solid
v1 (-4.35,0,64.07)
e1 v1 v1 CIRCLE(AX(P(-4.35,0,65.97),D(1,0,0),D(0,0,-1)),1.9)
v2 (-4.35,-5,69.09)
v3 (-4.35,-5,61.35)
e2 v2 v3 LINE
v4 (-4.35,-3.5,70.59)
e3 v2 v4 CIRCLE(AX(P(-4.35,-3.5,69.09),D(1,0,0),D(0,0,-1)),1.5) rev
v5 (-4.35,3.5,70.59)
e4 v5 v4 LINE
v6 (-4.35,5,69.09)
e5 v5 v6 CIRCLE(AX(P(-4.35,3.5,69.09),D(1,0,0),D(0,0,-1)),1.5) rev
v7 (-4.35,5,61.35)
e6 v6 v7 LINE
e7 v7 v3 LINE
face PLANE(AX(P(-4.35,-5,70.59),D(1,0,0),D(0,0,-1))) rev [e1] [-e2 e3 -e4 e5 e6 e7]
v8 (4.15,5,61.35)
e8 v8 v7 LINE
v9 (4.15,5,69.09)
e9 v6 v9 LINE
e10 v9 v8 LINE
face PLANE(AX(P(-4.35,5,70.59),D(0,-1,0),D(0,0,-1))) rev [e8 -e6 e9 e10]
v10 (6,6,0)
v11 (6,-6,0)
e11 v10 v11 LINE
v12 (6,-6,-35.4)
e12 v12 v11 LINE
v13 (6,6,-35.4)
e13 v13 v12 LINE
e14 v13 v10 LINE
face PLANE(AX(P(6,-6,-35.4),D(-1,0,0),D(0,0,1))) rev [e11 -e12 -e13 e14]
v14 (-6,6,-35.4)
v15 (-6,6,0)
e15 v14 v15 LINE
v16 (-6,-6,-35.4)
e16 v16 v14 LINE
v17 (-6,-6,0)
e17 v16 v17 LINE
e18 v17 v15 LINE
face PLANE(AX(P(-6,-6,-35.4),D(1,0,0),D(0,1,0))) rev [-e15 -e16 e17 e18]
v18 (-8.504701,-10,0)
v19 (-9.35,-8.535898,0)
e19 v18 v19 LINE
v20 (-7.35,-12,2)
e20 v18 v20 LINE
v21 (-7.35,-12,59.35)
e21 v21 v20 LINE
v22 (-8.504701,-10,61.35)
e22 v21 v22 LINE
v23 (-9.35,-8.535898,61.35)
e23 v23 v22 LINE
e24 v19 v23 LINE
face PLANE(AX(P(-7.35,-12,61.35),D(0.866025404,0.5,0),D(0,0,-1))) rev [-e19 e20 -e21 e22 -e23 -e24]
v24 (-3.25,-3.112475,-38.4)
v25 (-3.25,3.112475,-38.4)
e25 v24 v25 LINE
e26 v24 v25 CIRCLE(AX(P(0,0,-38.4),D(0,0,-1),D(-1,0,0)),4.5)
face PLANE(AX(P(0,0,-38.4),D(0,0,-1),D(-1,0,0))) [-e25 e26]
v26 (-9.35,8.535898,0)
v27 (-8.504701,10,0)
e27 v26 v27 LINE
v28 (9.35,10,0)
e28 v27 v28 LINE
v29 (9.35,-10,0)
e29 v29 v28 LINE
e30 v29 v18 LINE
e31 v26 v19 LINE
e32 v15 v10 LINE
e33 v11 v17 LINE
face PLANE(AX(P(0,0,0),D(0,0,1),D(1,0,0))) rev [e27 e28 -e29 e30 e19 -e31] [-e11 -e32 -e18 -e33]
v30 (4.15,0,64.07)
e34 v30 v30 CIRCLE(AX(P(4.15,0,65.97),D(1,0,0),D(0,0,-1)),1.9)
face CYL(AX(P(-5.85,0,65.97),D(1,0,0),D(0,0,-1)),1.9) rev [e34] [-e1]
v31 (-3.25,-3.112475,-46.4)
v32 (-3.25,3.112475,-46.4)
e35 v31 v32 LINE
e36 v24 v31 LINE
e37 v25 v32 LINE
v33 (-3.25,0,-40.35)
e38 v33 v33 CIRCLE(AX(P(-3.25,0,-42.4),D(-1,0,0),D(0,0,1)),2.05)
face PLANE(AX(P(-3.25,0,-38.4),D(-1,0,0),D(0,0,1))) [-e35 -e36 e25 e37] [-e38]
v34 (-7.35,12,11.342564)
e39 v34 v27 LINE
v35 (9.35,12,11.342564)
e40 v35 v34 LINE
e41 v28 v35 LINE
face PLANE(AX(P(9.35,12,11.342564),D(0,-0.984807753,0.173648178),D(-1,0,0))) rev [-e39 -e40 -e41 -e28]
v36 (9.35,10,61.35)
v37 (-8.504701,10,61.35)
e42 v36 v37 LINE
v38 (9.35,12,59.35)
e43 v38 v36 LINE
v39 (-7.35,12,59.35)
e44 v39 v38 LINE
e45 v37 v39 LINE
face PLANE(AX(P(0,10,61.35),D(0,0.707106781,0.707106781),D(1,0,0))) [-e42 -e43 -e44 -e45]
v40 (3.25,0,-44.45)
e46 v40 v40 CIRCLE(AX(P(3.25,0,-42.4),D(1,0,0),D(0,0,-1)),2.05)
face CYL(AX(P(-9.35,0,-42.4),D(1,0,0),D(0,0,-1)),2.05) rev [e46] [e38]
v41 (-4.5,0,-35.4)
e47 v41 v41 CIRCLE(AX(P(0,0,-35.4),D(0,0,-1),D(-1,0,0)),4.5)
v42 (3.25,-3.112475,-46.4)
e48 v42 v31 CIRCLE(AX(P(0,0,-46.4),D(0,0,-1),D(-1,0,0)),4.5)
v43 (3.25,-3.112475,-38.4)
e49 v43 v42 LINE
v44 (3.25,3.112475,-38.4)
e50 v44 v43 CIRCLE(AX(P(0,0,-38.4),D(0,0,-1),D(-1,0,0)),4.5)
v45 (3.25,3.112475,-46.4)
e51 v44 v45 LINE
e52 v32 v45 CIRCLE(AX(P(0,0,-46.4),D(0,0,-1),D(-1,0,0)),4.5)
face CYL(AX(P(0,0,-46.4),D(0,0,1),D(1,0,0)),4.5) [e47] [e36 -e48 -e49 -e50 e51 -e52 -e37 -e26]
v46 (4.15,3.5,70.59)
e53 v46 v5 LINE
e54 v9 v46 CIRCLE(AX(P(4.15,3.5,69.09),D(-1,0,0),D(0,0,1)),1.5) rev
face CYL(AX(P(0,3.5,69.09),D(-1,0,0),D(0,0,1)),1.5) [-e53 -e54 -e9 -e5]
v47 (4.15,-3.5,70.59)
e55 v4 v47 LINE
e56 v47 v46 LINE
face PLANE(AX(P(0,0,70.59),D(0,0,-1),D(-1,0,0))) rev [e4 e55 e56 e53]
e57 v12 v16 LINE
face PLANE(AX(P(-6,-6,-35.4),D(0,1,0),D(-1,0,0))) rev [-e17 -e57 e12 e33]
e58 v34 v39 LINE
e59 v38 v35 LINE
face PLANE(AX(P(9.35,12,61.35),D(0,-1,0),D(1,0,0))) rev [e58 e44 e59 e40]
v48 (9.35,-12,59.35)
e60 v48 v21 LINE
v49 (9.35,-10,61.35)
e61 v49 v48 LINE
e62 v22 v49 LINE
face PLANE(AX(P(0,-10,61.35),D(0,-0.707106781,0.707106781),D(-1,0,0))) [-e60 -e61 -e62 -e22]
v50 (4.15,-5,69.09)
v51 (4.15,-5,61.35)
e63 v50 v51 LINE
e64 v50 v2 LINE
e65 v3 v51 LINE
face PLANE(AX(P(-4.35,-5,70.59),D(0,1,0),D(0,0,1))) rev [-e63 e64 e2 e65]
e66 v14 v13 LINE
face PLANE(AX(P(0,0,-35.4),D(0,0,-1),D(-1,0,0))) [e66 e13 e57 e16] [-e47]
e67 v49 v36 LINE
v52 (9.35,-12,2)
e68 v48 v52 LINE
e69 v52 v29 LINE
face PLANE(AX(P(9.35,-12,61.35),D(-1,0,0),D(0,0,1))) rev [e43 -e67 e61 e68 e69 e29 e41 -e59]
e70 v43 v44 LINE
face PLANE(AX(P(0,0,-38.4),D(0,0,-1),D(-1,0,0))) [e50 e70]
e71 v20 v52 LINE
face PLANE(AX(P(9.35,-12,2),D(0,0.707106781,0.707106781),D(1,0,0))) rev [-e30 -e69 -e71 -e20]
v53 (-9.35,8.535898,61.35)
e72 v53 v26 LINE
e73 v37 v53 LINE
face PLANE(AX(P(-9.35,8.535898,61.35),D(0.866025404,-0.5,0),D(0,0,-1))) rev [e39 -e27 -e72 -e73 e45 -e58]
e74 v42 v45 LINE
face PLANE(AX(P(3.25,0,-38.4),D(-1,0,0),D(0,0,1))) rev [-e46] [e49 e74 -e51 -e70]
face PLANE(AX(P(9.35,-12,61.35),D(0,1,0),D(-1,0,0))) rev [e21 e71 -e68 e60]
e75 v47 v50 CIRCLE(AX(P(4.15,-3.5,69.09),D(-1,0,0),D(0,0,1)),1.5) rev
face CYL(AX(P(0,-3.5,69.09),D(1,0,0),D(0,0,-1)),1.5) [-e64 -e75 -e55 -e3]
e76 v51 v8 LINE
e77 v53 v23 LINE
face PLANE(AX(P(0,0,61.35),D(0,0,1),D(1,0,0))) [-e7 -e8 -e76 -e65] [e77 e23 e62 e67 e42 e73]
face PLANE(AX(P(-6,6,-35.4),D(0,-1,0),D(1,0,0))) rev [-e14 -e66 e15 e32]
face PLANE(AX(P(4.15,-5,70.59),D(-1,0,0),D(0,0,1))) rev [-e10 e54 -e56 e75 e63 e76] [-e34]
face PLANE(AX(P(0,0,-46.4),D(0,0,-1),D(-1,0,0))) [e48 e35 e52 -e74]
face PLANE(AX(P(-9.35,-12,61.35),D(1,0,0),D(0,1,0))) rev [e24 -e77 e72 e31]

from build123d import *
from OCP.BRepFilletAPI import BRepFilletAPI_MakeChamfer

# Parameters (mm, degrees)
SKETCH1_W           = 18.7
SKETCH1_H           = 24
BOSS_EXTRUDE1_DEPTH = 61.35
CHAMFER1_SIZE       = 2
CHAMFER1_SIZE2      = 3.464101615
CHAMFER2_SIZE       = 2
CHAMFER3_SIZE       = 2
CHAMFER3_SIZE2      = 11.342563639
SKETCH2_W           = 12
SKETCH2_H           = 12
BOSS_EXTRUDE2_DEPTH = 35.4
SKETCH3_R           = 4.5
BOSS_EXTRUDE3_DEPTH = 11
CUT_EXTRUDE1_START  = -8
CUT_EXTRUDE1_DEPTH  = 8
SKETCH5_W           = 8.5
SKETCH5_H           = 10
BOSS_EXTRUDE4_DEPTH = 9.24
SKETCH7_R           = 1.9
CUT_EXTRUDE2_DEPTH  = 10
FILLET1_R           = 1.5
SKETCH8_R           = 2.05
CUT_EXTRUDE3_DEPTH  = 73.702875459


with BuildPart() as part:
    # Sketch1 → Boss-Extrude1 (new body)
    with BuildSketch(Plane.XY):
        Rectangle(SKETCH1_W, SKETCH1_H)
    extrude(amount=BOSS_EXTRUDE1_DEPTH)

    # Chamfer1: one chamfer whose edges measure the first distance from different faces: ONE call of the kernel's chamfer builder (chamfer() names one face for all edges)
    chamfer1_edges_1 = [part.edges().sort_by_distance(p)[0] for p in [
        (-9.35, 12, 30.675),
    ]]
    chamfer1_side_1 = [part.faces().sort_by_distance(p)[0] for p in [
        (0, 12, 30.675),
    ]]
    chamfer1_edges_2 = [part.edges().sort_by_distance(p)[0] for p in [
        (-9.35, -12, 30.675),
    ]]
    chamfer1_side_2 = [part.faces().sort_by_distance(p)[0] for p in [
        (0, -12, 30.675),
    ]]
    chamfer1 = BRepFilletAPI_MakeChamfer(part.part.solid().wrapped)
    for e in chamfer1_edges_1:
        chamfer1.Add(CHAMFER1_SIZE, CHAMFER1_SIZE2, e.wrapped, chamfer1_side_1[0].wrapped)  # the first distance lies on this face
    for e in chamfer1_edges_2:
        chamfer1.Add(CHAMFER1_SIZE, CHAMFER1_SIZE2, e.wrapped, chamfer1_side_2[0].wrapped)  # the first distance lies on this face
    add(Compound.cast(chamfer1.Shape()), mode=Mode.REPLACE)

    # Chamfer2
    chamfer2_edges = [part.edges().sort_by_distance(p)[0] for p in [
        (1, -12, 0),
        (1, 12, 61.35),
        (1, -12, 61.35),
    ]]
    chamfer(chamfer2_edges, length=CHAMFER2_SIZE)

    # Chamfer3
    chamfer3_edges = [part.edges().sort_by_distance(p)[0] for p in [
        (1, 12, 0),
    ]]
    chamfer3_side = [part.faces().sort_by_distance(p)[0] for p in [
        (0.087625567, 0.932238812, 0),
    ]]
    chamfer(chamfer3_edges, length=CHAMFER3_SIZE, length2=CHAMFER3_SIZE2, reference=chamfer3_side[0])

    # Sketch2 → Boss-Extrude2 (add)
    with BuildSketch(Plane(origin=(0, 0, 0), x_dir=(-1, 0, 0), z_dir=(0, 0, -1))):
        Rectangle(SKETCH2_W, SKETCH2_H)
    extrude(amount=BOSS_EXTRUDE2_DEPTH)

    # Sketch3 → Boss-Extrude3 (add)
    with BuildSketch(Plane(origin=(0, 0, -35.4), x_dir=(-1, 0, 0), z_dir=(0, 0, -1))):
        Circle(SKETCH3_R)
    extrude(amount=BOSS_EXTRUDE3_DEPTH)

    # Sketch4 → Cut-Extrude1 (cut)
    with BuildSketch(Plane(origin=(0, 0, -46.4), x_dir=(-1, 0, 0), z_dir=(0, 0, -1)).offset(CUT_EXTRUDE1_START)):
        with BuildLine():
            ThreePointArc((-3.25, 3.112474899), (-4.5, 0), (-3.25, -3.112474899))
            Line((-3.25, -3.112474899), (-3.25, 3.112474899))
        make_face()
        with BuildLine():
            Line((3.25, 3.112474899), (3.25, -3.112474899))
            ThreePointArc((3.25, -3.112474899), (4.175823272, -1.677050983), (4.5, 0))
            ThreePointArc((4.5, 0), (4.175823272, 1.677050983), (3.25, 3.112474899))
        make_face()
    extrude(amount=CUT_EXTRUDE1_DEPTH, mode=Mode.SUBTRACT)

    # Sketch5 → Boss-Extrude4 (add)
    with BuildSketch(Plane.XY.offset(61.35)):
        with Locations((-0.1, 0)):
            Rectangle(SKETCH5_W, SKETCH5_H)
    extrude(amount=BOSS_EXTRUDE4_DEPTH)

    # Sketch7 → Cut-Extrude2 (cut)
    with BuildSketch(Plane(origin=(4.15, 0, 0), x_dir=(0, 0, -1), z_dir=(1, 0, 0))):
        with Locations((-65.97, 0)):
            Circle(SKETCH7_R)
    extrude(amount=-CUT_EXTRUDE2_DEPTH, mode=Mode.SUBTRACT)

    # Fillet1
    fillet1_edges = [part.edges().sort_by_distance(p)[0] for p in [
        (-0.1, 5, 70.59),
        (-0.1, -5, 70.59),
    ]]
    fillet(fillet1_edges, radius=FILLET1_R)

    # Sketch8 → Cut-Extrude3 (cut, through all)
    with BuildSketch(Plane(origin=(3.25, 0, 0), x_dir=(0, 0, -1), z_dir=(1, 0, 0))):
        with Locations((42.4, 0)):
            Circle(SKETCH8_R)
    extrude(amount=-CUT_EXTRUDE3_DEPTH, mode=Mode.SUBTRACT)


solid = part.part
